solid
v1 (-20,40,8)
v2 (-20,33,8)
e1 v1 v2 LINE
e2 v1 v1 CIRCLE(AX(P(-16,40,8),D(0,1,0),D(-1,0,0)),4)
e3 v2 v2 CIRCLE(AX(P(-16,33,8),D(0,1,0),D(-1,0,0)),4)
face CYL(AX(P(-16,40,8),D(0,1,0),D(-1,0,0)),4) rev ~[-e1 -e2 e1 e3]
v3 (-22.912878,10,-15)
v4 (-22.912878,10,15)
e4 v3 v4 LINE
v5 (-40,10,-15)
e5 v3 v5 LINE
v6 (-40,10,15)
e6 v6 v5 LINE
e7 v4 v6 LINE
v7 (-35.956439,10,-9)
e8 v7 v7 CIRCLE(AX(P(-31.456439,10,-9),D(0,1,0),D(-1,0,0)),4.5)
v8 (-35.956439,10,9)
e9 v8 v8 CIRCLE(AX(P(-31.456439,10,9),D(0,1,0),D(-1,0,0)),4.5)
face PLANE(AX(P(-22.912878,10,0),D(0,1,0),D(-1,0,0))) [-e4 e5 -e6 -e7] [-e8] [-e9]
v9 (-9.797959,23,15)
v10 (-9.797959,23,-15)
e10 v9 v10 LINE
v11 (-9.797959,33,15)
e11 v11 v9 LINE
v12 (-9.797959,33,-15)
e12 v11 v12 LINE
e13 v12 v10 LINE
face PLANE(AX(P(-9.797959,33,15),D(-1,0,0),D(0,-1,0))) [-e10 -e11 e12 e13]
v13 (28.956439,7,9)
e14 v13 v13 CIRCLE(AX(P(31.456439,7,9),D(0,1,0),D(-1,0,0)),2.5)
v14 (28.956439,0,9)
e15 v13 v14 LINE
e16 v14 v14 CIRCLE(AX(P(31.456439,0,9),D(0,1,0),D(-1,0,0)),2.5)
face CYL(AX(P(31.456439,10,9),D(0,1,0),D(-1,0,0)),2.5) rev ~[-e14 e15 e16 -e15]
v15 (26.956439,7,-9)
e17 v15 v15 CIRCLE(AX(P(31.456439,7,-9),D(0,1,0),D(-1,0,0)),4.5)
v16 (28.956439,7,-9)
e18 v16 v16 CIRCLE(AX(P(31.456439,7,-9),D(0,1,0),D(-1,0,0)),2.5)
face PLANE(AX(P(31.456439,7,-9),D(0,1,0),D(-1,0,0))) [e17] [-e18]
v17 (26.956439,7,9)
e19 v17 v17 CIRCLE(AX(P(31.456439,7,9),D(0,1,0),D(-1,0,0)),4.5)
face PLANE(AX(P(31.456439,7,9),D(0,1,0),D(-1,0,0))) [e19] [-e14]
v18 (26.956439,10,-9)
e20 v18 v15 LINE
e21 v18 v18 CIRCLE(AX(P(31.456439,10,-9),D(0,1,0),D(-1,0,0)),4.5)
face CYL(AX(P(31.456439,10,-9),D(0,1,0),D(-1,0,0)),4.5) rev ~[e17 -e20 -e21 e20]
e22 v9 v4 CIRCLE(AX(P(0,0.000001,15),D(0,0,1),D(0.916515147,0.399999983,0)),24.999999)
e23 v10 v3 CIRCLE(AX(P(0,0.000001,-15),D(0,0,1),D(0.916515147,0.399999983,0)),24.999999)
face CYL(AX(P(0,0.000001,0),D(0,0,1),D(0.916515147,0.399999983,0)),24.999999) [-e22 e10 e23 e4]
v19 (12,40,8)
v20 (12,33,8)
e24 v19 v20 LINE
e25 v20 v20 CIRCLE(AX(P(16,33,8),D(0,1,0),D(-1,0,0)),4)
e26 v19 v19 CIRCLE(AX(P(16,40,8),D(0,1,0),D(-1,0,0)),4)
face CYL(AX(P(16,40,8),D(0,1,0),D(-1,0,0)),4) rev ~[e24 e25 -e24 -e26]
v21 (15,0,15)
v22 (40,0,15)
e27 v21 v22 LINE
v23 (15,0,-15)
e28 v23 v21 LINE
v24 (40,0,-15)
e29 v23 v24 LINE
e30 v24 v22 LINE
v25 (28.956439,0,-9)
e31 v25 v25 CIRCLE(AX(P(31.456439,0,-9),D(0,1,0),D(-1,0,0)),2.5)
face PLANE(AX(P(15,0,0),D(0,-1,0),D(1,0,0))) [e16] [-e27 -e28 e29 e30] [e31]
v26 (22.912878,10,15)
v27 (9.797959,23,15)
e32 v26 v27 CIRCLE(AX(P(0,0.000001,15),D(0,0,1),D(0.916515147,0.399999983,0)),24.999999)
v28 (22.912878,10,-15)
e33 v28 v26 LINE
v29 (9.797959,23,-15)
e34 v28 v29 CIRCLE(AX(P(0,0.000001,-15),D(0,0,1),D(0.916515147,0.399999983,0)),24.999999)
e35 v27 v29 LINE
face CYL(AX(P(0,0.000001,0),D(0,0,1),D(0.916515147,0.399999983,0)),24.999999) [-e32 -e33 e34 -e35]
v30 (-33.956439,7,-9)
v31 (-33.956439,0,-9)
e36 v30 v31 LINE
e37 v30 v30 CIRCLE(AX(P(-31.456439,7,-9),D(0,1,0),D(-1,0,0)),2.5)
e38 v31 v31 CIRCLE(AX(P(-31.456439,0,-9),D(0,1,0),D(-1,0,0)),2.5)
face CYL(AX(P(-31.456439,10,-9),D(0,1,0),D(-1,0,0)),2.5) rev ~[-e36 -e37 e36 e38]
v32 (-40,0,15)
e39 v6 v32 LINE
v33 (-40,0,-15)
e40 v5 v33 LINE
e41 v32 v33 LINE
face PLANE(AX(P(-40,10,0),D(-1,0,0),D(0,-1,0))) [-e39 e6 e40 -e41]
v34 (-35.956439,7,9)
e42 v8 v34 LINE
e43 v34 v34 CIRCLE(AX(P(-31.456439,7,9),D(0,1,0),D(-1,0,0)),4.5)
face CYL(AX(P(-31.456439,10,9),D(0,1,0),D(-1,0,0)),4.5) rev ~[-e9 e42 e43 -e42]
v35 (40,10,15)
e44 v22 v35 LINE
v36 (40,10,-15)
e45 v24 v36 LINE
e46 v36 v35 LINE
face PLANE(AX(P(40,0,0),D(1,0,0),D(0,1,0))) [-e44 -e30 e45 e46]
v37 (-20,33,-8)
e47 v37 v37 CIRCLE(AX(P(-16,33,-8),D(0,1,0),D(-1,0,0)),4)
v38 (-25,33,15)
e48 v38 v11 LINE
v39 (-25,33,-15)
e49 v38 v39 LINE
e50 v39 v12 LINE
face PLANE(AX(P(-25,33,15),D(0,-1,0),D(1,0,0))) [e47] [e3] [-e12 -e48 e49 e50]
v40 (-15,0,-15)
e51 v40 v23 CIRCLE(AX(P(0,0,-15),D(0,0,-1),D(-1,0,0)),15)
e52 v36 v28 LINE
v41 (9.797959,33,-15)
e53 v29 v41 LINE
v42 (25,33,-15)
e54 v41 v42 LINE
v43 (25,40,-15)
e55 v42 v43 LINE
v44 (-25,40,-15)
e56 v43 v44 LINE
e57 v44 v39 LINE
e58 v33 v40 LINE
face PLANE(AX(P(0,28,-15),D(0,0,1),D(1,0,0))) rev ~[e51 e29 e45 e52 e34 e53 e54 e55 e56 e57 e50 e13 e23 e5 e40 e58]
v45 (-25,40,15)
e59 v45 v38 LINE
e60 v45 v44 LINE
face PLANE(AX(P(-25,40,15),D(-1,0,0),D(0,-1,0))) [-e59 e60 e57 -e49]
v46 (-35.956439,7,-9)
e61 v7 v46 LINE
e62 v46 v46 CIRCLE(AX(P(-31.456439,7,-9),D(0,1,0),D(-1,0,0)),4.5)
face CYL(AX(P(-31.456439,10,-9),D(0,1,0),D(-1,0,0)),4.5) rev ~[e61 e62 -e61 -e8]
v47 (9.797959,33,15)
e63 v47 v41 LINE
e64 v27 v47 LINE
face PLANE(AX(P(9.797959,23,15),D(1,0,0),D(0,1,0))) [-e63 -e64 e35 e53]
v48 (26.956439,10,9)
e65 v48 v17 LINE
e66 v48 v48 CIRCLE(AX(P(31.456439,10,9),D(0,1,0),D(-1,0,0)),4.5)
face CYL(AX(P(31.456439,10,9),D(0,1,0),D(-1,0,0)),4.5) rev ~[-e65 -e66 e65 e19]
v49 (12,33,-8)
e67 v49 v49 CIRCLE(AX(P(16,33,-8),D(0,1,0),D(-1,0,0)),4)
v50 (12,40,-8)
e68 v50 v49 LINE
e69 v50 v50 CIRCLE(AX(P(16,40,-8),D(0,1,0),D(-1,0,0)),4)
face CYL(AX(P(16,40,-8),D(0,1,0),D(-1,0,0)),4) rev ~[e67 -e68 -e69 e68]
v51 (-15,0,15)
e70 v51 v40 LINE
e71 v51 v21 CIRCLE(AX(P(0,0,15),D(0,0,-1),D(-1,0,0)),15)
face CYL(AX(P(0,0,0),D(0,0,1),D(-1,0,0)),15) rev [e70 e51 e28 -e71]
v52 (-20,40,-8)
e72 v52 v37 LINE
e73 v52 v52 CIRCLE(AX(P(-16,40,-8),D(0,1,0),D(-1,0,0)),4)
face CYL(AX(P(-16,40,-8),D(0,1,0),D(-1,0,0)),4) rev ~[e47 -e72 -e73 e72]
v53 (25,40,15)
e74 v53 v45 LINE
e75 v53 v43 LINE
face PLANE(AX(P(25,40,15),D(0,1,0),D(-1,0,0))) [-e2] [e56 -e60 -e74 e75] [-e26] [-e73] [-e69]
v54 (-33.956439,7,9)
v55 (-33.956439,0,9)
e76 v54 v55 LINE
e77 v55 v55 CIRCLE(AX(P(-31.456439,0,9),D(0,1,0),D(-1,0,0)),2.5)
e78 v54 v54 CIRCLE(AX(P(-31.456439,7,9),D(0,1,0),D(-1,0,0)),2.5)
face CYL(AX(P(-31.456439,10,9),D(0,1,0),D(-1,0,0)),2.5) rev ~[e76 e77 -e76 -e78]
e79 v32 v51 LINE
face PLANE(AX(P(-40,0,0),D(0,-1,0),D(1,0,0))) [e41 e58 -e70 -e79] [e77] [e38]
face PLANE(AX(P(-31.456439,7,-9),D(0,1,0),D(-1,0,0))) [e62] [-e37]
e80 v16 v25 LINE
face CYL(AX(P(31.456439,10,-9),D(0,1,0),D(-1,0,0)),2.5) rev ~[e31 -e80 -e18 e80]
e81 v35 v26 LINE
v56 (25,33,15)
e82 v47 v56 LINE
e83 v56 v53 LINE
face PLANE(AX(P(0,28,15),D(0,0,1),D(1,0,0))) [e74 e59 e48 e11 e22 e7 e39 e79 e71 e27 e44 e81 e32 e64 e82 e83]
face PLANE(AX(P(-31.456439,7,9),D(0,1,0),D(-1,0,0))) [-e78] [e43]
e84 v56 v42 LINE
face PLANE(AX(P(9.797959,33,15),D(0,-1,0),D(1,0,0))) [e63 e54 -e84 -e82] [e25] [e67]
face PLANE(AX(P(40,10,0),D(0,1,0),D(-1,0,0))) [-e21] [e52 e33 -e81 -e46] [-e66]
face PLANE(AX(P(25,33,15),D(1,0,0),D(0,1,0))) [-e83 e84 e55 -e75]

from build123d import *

# Parameters (mm, degrees)
F1_DEPTH = 15
F2_R     = 2.5
F3_DEPTH = 15
F4_R     = 4.5
F4_R_2   = 2.5
F5_DEPTH = 3
F7_DEPTH = 30
F8_R     = 4
F9_DEPTH = 8


with BuildPart() as f1:
    # F0 (on Top) → F1 (new body, symmetric)
    with BuildSketch(Plane.XY):
        with BuildLine():
            ThreePointArc((-15, 0), (0, 15), (15, 0))
            Line((15, 0), (40, 0))
            Line((40, 0), (40, 10))
            Line((40, 10), (22.912878, 10))
            ThreePointArc((22.912878, 10), (0, 25), (-22.912878, 10))
            Line((-22.912878, 10), (-40, 10))
            Line((-40, 10), (-40, 0))
            Line((-40, 0), (-15, 0))
        make_face()
    extrude(amount=F1_DEPTH, both=True)

    # F2 (on face) → F3 (cut)
    with BuildSketch(Plane(origin=(0, 10, 0), x_dir=(-1, 0, 0), z_dir=(0, 1, 0))):
        with Locations((-31.456439, 9)):
            Circle(F2_R)
        with Locations((-31.456439, -9)):
            Circle(F2_R)
        with Locations((31.456439, -9)):
            Circle(F2_R)
        with Locations((31.456439, 9)):
            Circle(F2_R)
    extrude(amount=-F3_DEPTH, mode=Mode.SUBTRACT)

    # F4 (on face) → F5 (cut)
    with BuildSketch(Plane(origin=(0, 10, 0), x_dir=(-1, 0, 0), z_dir=(0, 1, 0))):
        with Locations((31.456439, 9)):
            Circle(F4_R)
        with Locations((31.456439, 9)):
            Circle(F4_R_2, mode=Mode.SUBTRACT)
        with Locations((31.456439, -9)):
            Circle(F4_R)
        with Locations((-31.456439, -9)):
            Circle(F4_R)
        with Locations((-31.456439, 9)):
            Circle(F4_R)
    extrude(amount=-F5_DEPTH, mode=Mode.SUBTRACT)

    # F6 (on face) → F7 (join)
    with BuildSketch(Plane.XY.offset(15)):
        Polygon((-9.797959, 33), (-9.797959, 23), (9.797959, 23), (9.797959, 33), (0, 33), align=None)
        Polygon((-25, 33), (-9.797959, 33), (0, 33), (0, 40), (-25, 40), align=None)
        Polygon((0, 33), (9.797959, 33), (25, 33), (25, 40), (0, 40), align=None)
    extrude(amount=-F7_DEPTH)

    # F8 (on face) → F9 (cut)
    with BuildSketch(Plane(origin=(0, 40, 0), x_dir=(-1, 0, 0), z_dir=(0, 1, 0))):
        with Locations((16, 8)):
            Circle(F8_R)
        with Locations((16, -8)):
            Circle(F8_R)
        with Locations((-16, -8)):
            Circle(F8_R)
        with Locations((-16, 8)):
            Circle(F8_R)
    extrude(amount=-F9_DEPTH, mode=Mode.SUBTRACT)


solid = f1.part
